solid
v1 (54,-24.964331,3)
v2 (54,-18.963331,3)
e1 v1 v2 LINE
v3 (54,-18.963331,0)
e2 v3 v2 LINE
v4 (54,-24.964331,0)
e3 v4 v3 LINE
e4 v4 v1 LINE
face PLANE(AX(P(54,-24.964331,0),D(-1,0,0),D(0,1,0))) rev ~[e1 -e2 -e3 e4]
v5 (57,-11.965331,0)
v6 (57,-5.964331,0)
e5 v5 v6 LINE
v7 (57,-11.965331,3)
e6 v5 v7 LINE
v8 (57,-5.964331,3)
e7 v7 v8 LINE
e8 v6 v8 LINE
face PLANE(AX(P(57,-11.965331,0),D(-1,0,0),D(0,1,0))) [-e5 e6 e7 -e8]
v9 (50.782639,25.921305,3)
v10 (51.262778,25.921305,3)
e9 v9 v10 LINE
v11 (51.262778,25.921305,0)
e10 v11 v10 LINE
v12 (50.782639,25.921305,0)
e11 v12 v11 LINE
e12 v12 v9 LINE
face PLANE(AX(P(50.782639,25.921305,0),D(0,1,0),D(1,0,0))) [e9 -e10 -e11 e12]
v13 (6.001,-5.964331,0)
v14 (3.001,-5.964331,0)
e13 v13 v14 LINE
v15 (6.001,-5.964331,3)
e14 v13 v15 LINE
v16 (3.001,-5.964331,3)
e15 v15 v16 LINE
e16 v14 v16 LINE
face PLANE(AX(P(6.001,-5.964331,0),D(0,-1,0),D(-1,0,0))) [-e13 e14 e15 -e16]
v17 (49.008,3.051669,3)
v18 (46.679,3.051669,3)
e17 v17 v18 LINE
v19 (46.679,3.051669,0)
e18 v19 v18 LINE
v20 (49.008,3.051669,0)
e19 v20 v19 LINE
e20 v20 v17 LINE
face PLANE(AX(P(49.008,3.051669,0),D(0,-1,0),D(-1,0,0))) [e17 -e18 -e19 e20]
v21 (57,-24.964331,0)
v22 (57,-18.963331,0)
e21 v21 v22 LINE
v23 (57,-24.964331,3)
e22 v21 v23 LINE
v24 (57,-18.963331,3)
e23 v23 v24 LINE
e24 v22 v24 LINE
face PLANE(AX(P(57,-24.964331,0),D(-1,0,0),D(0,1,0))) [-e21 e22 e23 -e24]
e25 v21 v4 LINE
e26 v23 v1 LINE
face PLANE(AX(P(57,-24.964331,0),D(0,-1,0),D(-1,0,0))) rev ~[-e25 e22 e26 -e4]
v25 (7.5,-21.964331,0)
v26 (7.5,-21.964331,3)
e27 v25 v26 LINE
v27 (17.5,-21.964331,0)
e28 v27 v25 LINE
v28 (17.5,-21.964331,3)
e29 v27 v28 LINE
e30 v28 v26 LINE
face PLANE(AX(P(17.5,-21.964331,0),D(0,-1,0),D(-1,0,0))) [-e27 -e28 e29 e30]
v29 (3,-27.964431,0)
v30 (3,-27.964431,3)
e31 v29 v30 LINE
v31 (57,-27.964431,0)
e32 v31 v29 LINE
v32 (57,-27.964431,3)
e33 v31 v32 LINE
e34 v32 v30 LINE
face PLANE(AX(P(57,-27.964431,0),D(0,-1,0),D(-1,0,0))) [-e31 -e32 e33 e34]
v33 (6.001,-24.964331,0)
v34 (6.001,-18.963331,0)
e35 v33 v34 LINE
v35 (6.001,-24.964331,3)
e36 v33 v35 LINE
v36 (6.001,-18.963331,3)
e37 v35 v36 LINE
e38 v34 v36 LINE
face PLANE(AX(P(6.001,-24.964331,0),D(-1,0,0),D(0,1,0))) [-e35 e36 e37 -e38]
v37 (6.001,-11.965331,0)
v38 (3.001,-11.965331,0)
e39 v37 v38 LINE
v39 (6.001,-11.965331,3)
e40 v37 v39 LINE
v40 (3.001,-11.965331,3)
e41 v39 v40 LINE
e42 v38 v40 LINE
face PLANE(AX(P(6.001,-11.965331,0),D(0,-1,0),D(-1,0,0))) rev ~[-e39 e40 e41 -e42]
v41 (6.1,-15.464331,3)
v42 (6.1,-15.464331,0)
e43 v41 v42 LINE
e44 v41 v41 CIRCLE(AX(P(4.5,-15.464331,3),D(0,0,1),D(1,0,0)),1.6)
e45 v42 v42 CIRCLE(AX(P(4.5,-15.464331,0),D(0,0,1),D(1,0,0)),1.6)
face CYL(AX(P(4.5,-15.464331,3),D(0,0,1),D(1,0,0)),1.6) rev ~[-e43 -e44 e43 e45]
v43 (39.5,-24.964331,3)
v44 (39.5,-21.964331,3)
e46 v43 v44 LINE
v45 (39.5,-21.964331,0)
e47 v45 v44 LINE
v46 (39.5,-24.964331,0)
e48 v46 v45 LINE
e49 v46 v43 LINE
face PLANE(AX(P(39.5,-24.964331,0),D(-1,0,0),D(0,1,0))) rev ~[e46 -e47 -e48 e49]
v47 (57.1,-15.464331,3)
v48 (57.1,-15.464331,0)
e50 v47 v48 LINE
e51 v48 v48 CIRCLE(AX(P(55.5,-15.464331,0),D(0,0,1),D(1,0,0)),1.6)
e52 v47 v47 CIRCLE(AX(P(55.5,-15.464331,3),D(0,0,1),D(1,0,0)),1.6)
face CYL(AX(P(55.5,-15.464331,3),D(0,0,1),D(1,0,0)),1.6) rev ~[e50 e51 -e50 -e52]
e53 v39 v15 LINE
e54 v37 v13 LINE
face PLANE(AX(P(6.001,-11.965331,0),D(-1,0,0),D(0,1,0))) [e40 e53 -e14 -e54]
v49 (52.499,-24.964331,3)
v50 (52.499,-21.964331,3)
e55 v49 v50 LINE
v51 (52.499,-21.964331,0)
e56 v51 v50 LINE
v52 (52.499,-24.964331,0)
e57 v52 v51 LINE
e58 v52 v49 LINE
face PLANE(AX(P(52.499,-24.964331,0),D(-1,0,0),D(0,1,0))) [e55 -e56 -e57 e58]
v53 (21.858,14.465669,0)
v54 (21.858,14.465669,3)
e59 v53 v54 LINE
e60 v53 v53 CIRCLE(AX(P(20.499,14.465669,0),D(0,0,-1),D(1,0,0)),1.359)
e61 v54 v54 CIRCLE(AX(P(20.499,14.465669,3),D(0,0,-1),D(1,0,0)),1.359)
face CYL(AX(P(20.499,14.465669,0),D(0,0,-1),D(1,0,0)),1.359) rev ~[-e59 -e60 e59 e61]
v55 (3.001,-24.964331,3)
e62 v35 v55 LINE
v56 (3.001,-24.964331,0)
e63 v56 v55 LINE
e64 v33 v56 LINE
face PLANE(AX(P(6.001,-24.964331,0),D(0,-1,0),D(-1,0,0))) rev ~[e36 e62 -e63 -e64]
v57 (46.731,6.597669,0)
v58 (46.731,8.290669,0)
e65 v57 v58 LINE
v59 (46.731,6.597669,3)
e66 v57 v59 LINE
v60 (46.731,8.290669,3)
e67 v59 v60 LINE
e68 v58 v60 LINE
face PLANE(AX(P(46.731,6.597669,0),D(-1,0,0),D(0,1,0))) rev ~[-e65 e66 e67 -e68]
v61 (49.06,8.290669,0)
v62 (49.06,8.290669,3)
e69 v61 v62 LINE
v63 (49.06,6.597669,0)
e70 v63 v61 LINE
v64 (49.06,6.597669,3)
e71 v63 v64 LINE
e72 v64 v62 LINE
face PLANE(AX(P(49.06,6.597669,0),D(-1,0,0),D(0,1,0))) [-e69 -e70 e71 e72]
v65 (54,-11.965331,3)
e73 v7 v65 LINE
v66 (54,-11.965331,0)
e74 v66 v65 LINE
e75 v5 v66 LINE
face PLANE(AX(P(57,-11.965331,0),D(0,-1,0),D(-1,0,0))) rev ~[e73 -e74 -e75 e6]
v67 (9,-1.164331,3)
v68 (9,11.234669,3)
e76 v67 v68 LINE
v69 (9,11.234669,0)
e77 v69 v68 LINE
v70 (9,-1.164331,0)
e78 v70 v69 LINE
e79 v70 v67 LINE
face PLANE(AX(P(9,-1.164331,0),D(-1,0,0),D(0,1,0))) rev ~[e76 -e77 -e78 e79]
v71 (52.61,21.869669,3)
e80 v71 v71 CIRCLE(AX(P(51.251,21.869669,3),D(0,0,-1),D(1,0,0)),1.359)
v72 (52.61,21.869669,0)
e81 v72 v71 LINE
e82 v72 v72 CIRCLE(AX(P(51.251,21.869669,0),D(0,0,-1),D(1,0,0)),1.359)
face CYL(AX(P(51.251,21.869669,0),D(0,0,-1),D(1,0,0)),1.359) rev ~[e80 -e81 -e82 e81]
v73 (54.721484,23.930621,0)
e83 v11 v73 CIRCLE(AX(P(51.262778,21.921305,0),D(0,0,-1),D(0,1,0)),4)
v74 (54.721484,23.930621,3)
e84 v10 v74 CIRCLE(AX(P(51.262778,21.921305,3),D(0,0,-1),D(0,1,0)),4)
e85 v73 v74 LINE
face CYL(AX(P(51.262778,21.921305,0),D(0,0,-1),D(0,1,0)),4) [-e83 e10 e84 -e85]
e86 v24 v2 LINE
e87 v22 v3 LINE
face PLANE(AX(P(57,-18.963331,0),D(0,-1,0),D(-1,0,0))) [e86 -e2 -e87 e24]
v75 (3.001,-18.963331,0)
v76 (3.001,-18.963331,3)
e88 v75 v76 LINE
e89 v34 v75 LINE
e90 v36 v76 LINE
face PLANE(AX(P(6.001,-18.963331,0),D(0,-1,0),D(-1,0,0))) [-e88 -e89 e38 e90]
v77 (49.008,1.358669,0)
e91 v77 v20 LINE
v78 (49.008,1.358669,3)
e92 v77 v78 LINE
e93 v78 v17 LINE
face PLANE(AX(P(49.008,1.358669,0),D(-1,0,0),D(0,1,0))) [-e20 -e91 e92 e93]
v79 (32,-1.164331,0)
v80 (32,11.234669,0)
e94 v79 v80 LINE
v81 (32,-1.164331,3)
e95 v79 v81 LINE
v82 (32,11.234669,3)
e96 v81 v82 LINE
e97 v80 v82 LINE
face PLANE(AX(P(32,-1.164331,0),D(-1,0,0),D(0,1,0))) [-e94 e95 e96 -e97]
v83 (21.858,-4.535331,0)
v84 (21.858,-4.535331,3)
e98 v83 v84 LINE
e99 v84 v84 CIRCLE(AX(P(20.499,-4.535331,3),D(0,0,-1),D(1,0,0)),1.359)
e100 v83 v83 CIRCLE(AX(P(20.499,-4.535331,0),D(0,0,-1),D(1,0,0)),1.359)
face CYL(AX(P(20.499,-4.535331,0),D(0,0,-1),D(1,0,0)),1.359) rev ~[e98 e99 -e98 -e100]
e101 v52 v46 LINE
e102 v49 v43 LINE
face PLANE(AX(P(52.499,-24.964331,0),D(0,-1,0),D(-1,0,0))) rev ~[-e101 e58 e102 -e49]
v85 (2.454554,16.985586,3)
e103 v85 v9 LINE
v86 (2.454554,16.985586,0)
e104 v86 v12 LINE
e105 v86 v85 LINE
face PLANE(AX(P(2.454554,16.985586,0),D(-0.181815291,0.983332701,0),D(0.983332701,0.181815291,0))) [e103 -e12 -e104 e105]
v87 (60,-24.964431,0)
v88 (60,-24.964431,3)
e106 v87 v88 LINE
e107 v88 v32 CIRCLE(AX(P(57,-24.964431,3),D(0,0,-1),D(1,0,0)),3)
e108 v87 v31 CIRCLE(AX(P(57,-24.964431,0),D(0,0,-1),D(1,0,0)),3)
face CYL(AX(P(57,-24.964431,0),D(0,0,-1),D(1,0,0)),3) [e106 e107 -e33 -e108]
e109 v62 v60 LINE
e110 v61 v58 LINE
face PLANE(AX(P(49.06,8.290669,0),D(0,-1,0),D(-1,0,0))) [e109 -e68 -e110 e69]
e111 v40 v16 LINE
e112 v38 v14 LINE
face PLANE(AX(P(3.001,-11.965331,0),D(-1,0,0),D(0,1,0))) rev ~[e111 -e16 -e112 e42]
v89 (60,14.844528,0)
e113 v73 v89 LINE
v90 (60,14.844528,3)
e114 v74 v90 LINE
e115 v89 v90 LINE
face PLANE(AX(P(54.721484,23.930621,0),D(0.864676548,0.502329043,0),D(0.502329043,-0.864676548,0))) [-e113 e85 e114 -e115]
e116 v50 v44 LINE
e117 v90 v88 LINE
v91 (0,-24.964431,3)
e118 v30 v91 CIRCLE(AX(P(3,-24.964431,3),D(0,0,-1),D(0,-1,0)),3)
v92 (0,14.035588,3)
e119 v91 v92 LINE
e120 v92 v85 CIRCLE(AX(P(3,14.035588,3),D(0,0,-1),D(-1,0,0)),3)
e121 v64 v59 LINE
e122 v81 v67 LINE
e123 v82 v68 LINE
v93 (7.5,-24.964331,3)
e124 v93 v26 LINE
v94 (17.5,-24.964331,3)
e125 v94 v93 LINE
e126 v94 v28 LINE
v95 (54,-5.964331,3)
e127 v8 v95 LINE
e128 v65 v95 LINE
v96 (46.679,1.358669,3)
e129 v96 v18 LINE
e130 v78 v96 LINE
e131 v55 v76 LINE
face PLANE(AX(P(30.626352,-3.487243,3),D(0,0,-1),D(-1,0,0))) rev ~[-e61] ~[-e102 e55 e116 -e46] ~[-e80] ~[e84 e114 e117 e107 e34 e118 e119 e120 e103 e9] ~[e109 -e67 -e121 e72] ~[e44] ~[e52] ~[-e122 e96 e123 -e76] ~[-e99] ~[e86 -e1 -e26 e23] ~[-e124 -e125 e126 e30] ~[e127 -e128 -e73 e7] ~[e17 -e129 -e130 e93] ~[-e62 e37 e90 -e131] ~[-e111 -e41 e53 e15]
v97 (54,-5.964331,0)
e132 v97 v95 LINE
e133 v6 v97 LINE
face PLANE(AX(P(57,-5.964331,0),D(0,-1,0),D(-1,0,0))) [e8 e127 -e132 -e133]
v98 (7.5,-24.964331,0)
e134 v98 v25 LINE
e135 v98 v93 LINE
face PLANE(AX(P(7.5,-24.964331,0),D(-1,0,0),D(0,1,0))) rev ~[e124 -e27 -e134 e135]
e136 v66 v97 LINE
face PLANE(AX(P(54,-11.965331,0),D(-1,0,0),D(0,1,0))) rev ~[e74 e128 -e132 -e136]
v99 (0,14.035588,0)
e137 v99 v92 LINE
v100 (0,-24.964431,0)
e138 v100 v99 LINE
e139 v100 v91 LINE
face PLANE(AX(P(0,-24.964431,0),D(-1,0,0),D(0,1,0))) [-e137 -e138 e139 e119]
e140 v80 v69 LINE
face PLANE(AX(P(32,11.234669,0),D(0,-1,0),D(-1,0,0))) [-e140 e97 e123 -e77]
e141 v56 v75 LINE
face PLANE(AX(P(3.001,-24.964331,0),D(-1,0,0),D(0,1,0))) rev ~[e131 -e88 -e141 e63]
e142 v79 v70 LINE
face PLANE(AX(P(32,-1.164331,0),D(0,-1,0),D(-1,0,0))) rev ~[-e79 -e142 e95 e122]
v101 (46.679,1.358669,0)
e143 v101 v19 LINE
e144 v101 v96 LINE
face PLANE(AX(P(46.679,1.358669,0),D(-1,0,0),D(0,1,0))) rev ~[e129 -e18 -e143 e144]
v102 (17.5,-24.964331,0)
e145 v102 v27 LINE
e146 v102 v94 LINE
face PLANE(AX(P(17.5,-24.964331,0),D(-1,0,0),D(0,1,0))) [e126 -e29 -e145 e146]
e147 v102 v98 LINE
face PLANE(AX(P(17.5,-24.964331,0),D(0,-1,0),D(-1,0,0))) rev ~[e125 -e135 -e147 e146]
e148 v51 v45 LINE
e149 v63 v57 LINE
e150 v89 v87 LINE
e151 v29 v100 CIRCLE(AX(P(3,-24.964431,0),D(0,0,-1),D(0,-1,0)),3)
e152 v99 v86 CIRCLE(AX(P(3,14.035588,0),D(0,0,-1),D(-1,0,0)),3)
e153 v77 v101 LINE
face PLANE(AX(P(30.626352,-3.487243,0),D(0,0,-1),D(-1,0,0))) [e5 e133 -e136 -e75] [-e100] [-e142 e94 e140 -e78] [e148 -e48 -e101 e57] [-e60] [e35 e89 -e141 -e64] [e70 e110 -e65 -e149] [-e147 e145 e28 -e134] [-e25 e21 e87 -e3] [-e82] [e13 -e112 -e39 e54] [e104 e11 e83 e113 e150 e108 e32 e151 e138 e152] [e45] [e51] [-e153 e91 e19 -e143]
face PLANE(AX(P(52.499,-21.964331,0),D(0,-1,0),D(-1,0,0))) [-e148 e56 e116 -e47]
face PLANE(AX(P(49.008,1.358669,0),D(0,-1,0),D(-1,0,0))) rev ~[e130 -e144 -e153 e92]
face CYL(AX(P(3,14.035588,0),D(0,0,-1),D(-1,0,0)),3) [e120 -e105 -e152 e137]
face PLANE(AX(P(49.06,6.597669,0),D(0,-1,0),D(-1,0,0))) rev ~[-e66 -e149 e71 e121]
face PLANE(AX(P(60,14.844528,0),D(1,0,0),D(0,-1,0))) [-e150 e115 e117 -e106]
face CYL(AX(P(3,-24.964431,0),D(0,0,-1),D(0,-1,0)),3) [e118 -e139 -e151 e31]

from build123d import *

# Parameters (mm, degrees)
SKETCH_1_R          = 1.359
SKETCH_1_W          = 3
SKETCH_1_H          = 6.001
SKETCH_1_W_2        = 10
SKETCH_1_H_2        = 3
SKETCH_1_W_3        = 12.999
SKETCH_1_W_4        = 2.329
SKETCH_1_H_3        = 1.693
SKETCH_1_W_5        = 23
SKETCH_1_H_4        = 12.399
EXTRUDE_1_DEPTH     = 3
SKETCH_2_R          = 1.6
CUT_EXTRUDE_1_DEPTH = 67.26469212


with BuildPart() as part:
    # 草图1 → 凸台-拉伸1 (new body)
    with BuildSketch(Plane(origin=(0, 0, 0), x_dir=(-1, 0, 0), z_dir=(0, 0, -1))):
        with BuildLine():
            Line((-57, -27.964431369), (-3, -27.964431369))
            ThreePointArc((-3, -27.964431369), (-0.878679656, -27.085751712), (0, -24.964431369))
            Line((0, -24.964431369), (0, 14.035588089))
            ThreePointArc((0, 14.035588089), (-0.693884476, 15.954397926), (-2.454554127, 16.985586191))
            Line((-2.454554127, 16.985586191), (-50.782638999, 25.921305316))
            Line((-50.782638999, 25.921305316), (-51.262778196, 25.921305316))
            ThreePointArc((-51.262778196, 25.921305316), (-53.258114674, 25.388095235), (-54.721484389, 23.930621486))
            Line((-54.721484389, 23.930621486), (-60, 14.844527968))
            Line((-60, 14.844527968), (-60, -24.964431369))
            ThreePointArc((-60, -24.964431369), (-59.121320344, -27.085751712), (-57, -27.964431369))
        make_face()
        with Locations(Location((-55.5, -15.464331369, 0), (0, 0, 180))):
            Circle(SKETCH_1_R, mode=Mode.SUBTRACT)
        with Locations(Location((-4.5, -15.464331369, 0), (0, 0, 180))):
            Circle(SKETCH_1_R, mode=Mode.SUBTRACT)
        with Locations(Location((-20.499, -4.535331369, 0), (0, 0, 180))):
            Circle(SKETCH_1_R, mode=Mode.SUBTRACT)
        with Locations(Location((-20.499, 14.465668631, 0), (0, 0, 180))):
            Circle(SKETCH_1_R, mode=Mode.SUBTRACT)
        with Locations(Location((-51.251, 21.869668631, 0), (0, 0, 180))):
            Circle(SKETCH_1_R, mode=Mode.SUBTRACT)
        with Locations((-4.501, -8.964831369)):
            Rectangle(SKETCH_1_W, SKETCH_1_H, mode=Mode.SUBTRACT)
        with Locations((-4.501, -21.963831369)):
            Rectangle(SKETCH_1_W, SKETCH_1_H, mode=Mode.SUBTRACT)
        with Locations((-55.5, -21.963831369)):
            Rectangle(SKETCH_1_W, SKETCH_1_H, mode=Mode.SUBTRACT)
        with Locations((-55.5, -8.964831369)):
            Rectangle(SKETCH_1_W, SKETCH_1_H, mode=Mode.SUBTRACT)
        with Locations((-12.5, -23.464331369)):
            Rectangle(SKETCH_1_W_2, SKETCH_1_H_2, mode=Mode.SUBTRACT)
        with Locations((-45.9995, -23.464331369)):
            Rectangle(SKETCH_1_W_3, SKETCH_1_H_2, mode=Mode.SUBTRACT)
        with Locations((-47.8955, 7.444168631)):
            Rectangle(SKETCH_1_W_4, SKETCH_1_H_3, mode=Mode.SUBTRACT)
        with Locations((-47.8435, 2.205168631)):
            Rectangle(SKETCH_1_W_4, SKETCH_1_H_3, mode=Mode.SUBTRACT)
        with Locations((-20.5, 5.035168631)):
            Rectangle(SKETCH_1_W_5, SKETCH_1_H_4, mode=Mode.SUBTRACT)
    extrude(amount=-EXTRUDE_1_DEPTH)

    # 草图2 → 切除-拉伸1 (cut, through all)
    with BuildSketch(Plane.XY.offset(3)):
        with Locations((55.5, -15.464331369)):
            Circle(SKETCH_2_R)
        with Locations((4.5, -15.464331369)):
            Circle(SKETCH_2_R)
    extrude(amount=-CUT_EXTRUDE_1_DEPTH, mode=Mode.SUBTRACT)


solid = part.part
